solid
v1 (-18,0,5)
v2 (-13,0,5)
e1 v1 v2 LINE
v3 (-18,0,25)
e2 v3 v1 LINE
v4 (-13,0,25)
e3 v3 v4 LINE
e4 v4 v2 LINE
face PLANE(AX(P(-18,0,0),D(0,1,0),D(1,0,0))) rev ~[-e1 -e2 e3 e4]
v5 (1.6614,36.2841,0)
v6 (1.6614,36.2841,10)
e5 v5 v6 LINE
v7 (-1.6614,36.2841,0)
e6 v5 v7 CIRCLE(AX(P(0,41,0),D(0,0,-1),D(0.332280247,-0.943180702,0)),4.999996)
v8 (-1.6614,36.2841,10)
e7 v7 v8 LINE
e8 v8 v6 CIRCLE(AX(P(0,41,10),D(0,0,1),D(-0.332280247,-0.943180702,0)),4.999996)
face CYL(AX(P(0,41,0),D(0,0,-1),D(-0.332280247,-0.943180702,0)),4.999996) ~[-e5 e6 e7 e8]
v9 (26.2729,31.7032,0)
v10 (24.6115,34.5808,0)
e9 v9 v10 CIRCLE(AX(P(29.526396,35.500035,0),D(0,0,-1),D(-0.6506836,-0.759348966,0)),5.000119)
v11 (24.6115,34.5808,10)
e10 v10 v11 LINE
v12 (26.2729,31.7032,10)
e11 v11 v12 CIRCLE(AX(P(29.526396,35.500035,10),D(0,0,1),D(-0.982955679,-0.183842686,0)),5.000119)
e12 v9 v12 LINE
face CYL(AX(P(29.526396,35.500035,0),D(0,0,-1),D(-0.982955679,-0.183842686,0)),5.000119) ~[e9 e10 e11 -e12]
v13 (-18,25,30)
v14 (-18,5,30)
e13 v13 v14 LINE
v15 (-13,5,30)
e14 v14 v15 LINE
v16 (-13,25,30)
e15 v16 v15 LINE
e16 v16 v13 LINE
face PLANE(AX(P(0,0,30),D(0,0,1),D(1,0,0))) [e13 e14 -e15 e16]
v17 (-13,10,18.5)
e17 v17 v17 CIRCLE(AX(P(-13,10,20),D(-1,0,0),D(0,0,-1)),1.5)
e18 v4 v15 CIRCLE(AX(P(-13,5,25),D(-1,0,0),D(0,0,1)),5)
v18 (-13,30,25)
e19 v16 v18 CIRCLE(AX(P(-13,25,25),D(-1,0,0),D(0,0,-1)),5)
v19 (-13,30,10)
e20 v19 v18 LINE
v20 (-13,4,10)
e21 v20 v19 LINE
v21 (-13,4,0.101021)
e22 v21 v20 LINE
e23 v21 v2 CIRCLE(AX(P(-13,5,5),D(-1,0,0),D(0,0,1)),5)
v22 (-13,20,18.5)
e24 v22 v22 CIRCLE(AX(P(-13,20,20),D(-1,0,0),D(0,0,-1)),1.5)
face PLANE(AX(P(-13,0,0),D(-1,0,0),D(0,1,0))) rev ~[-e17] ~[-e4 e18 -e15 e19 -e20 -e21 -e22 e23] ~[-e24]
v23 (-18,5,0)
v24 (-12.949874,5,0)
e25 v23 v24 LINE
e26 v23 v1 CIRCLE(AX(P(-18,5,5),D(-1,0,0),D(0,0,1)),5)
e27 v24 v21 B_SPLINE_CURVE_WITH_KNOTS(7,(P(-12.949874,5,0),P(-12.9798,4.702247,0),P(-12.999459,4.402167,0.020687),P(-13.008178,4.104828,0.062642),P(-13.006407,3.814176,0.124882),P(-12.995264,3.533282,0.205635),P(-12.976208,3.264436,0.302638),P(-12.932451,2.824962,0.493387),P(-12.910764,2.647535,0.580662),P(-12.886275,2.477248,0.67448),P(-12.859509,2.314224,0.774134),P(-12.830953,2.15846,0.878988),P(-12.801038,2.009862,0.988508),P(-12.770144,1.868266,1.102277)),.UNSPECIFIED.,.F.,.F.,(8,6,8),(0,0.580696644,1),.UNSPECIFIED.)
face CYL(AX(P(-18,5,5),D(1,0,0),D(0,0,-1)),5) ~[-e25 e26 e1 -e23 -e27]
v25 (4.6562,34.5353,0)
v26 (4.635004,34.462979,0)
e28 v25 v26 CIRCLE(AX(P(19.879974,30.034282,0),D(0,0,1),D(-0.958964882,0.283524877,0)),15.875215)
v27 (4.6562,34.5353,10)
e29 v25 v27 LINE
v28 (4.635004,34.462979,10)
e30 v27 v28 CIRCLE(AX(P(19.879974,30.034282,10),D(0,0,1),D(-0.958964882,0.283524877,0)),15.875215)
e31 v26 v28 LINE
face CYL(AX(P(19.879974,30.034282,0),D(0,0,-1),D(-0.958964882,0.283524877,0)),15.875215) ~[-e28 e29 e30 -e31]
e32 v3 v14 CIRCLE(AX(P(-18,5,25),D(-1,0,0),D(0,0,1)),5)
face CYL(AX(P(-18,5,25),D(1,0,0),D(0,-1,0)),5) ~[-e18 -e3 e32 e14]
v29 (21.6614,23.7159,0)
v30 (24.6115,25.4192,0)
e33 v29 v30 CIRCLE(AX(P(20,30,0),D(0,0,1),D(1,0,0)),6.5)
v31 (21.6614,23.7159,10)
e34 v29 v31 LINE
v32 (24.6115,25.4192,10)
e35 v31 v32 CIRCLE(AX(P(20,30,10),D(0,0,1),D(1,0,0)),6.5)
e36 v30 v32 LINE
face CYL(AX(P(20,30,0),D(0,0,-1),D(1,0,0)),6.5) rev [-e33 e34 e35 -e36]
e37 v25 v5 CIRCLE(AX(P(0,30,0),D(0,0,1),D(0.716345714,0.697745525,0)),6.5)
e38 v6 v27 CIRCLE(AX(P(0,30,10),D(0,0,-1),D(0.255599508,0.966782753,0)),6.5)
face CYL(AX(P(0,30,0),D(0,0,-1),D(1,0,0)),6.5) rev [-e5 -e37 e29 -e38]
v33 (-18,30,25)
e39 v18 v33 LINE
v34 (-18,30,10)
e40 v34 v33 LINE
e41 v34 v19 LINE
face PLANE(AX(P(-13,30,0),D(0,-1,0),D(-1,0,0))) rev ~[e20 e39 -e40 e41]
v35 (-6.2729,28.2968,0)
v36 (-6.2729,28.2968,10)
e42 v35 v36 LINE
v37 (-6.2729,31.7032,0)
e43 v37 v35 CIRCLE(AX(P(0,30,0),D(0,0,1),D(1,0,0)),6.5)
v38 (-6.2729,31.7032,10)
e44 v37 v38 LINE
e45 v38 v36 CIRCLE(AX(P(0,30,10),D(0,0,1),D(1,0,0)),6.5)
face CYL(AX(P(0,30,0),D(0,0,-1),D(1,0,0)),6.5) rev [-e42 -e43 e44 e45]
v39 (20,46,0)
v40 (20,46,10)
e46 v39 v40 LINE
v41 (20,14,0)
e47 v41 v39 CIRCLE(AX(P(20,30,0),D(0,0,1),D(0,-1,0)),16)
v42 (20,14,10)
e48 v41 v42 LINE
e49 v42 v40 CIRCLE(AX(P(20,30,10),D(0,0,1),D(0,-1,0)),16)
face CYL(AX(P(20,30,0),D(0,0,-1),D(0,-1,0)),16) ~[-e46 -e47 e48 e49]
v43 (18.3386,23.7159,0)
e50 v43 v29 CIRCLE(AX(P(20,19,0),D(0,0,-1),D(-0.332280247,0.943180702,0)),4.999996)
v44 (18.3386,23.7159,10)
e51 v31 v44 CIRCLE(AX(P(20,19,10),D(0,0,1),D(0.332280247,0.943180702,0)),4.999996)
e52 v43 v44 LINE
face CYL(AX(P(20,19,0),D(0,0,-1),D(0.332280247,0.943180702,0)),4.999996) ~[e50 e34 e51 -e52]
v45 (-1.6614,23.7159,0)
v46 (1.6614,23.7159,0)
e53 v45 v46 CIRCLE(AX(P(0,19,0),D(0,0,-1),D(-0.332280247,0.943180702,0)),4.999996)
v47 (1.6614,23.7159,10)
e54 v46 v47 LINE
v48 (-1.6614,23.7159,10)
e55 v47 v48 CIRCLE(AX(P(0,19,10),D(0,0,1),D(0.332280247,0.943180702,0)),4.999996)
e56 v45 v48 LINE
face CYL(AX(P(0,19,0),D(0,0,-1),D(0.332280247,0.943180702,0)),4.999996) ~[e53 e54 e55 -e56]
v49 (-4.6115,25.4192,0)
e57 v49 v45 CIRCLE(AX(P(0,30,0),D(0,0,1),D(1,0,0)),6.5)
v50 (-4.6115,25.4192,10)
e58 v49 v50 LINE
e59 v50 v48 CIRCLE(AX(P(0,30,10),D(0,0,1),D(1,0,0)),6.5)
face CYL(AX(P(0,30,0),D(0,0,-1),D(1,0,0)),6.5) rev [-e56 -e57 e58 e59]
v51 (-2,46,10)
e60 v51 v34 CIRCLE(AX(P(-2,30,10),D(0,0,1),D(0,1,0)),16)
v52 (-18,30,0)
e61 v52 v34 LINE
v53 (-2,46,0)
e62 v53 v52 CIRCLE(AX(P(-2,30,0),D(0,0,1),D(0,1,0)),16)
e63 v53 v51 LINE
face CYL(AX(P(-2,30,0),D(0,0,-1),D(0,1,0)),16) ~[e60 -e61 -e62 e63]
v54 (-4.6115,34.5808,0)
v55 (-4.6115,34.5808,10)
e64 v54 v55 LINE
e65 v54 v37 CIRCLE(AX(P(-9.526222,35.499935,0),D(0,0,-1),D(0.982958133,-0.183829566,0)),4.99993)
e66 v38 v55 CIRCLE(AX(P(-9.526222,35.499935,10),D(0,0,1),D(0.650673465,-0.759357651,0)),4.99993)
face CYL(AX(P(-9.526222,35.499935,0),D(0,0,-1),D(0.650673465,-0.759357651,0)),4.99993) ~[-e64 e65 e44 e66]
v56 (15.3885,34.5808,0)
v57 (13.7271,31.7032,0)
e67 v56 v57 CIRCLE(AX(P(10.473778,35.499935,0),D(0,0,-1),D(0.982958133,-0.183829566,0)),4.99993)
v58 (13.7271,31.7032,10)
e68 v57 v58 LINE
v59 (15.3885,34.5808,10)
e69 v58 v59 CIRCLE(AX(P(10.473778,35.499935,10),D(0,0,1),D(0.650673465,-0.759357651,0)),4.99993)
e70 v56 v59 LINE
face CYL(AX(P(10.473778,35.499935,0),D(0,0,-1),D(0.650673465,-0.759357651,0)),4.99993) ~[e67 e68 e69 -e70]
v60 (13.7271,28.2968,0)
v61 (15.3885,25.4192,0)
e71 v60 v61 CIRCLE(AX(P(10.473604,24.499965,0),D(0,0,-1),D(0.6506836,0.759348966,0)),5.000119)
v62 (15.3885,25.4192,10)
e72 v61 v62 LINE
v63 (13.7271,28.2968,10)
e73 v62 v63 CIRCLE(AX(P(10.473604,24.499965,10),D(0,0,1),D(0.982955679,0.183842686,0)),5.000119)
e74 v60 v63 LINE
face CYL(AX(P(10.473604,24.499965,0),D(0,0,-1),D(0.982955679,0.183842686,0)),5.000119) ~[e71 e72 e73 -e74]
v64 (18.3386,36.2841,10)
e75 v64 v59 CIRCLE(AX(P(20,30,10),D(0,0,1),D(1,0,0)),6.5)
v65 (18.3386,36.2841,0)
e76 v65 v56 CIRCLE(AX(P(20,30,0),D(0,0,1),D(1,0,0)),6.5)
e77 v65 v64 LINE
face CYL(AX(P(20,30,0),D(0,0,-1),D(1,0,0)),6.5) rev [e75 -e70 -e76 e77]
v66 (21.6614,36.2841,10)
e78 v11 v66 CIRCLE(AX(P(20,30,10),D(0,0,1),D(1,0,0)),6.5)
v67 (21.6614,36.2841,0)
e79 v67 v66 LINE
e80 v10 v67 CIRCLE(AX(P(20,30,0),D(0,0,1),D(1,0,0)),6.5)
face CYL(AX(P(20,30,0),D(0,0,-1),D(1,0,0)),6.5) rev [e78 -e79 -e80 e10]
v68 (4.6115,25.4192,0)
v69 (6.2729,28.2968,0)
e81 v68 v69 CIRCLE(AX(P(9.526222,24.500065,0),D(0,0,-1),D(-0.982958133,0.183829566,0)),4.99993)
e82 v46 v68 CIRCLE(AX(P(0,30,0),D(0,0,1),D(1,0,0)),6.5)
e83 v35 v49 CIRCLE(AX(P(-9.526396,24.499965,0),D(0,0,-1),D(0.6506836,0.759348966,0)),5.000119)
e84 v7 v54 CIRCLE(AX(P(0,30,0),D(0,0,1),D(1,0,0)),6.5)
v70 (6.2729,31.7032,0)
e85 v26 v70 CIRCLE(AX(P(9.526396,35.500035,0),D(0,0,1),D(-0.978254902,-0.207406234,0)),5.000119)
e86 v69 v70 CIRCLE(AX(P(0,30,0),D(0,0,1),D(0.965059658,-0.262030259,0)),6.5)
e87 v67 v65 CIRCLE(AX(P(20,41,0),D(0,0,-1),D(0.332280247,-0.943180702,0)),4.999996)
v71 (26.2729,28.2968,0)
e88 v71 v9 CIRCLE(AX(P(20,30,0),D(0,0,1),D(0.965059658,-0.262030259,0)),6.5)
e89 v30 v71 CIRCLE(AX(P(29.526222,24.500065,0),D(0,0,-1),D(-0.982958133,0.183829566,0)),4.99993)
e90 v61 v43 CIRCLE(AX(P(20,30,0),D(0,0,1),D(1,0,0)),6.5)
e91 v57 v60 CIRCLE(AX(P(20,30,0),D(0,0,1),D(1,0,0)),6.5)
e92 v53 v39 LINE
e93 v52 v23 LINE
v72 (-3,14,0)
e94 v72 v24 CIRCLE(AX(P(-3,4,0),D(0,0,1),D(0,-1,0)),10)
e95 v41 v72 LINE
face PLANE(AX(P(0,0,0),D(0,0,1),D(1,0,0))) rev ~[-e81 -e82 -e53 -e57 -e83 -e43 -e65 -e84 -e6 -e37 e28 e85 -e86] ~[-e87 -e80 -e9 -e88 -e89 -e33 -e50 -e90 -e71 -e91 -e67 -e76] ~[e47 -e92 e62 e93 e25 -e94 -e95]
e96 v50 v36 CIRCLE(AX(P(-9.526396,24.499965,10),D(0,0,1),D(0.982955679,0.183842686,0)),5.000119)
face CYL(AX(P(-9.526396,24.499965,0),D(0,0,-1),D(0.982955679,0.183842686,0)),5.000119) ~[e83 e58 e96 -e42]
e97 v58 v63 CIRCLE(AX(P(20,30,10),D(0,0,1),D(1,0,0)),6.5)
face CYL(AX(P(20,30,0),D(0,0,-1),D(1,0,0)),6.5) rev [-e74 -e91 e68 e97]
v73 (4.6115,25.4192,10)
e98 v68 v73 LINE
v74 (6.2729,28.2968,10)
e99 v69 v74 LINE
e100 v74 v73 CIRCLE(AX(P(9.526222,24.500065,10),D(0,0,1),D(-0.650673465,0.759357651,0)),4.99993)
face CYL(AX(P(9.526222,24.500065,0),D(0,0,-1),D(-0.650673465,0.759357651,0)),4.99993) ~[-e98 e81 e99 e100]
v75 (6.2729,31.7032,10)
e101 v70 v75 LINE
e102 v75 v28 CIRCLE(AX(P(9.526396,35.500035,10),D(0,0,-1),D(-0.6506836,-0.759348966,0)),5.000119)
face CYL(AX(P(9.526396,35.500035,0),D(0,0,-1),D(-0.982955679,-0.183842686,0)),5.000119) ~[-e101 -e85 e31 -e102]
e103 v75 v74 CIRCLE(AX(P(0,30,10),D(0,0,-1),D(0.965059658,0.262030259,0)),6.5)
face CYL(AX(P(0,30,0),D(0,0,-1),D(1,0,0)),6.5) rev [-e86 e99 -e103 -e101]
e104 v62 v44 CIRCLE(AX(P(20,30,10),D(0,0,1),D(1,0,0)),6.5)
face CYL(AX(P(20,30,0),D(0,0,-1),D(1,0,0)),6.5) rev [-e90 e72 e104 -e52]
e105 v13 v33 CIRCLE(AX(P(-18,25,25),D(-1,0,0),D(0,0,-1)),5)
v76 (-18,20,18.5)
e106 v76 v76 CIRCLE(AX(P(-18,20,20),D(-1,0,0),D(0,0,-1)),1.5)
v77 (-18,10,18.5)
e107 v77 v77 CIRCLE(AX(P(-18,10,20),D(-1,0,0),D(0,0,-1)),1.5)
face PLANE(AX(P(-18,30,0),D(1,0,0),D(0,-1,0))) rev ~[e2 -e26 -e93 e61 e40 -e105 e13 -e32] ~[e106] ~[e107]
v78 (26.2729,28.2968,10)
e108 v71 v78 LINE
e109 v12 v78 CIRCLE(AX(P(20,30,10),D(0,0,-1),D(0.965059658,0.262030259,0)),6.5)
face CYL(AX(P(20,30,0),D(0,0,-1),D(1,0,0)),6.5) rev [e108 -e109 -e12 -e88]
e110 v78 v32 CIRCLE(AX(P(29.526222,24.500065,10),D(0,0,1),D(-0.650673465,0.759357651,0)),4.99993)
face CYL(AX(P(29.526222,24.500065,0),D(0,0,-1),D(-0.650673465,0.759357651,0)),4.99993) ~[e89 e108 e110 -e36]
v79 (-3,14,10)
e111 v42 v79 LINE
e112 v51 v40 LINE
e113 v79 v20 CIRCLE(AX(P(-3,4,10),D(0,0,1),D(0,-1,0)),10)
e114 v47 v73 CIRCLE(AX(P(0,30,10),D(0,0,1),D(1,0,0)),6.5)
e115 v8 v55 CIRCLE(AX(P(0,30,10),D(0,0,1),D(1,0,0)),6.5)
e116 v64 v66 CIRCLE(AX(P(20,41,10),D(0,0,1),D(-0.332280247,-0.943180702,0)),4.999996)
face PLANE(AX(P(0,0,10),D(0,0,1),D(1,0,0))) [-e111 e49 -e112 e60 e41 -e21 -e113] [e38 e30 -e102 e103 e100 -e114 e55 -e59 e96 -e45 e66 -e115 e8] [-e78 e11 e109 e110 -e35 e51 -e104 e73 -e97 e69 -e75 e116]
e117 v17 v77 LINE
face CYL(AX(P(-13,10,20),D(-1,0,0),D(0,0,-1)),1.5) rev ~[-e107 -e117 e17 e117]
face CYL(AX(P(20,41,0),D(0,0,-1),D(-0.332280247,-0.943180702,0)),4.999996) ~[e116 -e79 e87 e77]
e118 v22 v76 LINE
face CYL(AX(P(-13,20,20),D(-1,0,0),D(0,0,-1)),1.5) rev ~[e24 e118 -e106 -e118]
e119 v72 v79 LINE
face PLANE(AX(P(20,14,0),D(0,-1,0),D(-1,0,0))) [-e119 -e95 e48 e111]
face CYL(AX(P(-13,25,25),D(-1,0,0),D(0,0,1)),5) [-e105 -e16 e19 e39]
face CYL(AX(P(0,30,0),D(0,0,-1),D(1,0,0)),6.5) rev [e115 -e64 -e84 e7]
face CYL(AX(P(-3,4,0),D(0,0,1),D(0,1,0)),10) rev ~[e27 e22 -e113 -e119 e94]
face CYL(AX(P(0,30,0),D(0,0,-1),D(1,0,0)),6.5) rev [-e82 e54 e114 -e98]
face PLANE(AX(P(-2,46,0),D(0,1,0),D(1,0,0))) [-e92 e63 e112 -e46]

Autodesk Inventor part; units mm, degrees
ref_plane "YZ Plane" through (0, 0, 0) normal (1, 0, 0) x (0, 1, 0)
ref_plane "XZ Plane" through (0, 0, 0) normal (0, 1, 0) x (-1, 0, 0)
ref_plane "XY Plane" through (0, 0, 0) normal (0, 0, 1) x (1, 0, 0)
sketch "Sketch1" plane through (0, 0, 0) normal (0, 0, 1) x (1, 0, 0)
  circle A0 centre (0, 0) radius 9.25
  circle A1 centre (0, 30) radius 6
  circle A2 centre (20, 30) radius 6
  circle A3 centre (0, 30) radius 6.5
  circle A4 centre (20, 30) radius 6.5
  arc A5 (-1.6614, 36.2841) -> (1.6614, 36.2841) centre (0, 41) ccw
  arc A6 (-6.2729, 31.7032) -> (-4.6115, 34.5808) centre (-9.5263, 35.5) ccw
  arc A7 (-4.6115, 25.4192) -> (-6.2729, 28.2968) centre (-9.5263, 24.5) ccw
  arc A8 (1.6614, 23.7159) -> (-1.6614, 23.7159) centre (0, 19) ccw
  arc A9 (6.2729, 28.2968) -> (4.6115, 25.4192) centre (9.5263, 24.5) ccw
  arc A10 (4.6115, 34.5808) -> (6.2729, 31.7032) centre (9.5263, 35.5) ccw
  arc A11 (18.3386, 36.2841) -> (21.6614, 36.2841) centre (20, 41) ccw
  arc A12 (13.7271, 31.7032) -> (15.3885, 34.5808) centre (10.4737, 35.5) ccw
  arc A13 (15.3885, 25.4192) -> (13.7271, 28.2968) centre (10.4737, 24.5) ccw
  arc A14 (21.6614, 23.7159) -> (18.3386, 23.7159) centre (20, 19) ccw
  arc A15 (26.2729, 28.2968) -> (24.6115, 25.4192) centre (29.5263, 24.5) ccw
  arc A16 (24.6115, 34.5808) -> (26.2729, 31.7032) centre (29.5263, 35.5) ccw
  arc A17 (4.6562, 34.5353) -> (4.5, 33.9686) centre (20, 30) ccw
  arc A18 (20, 14) -> (20, 46) centre (20, 30) ccw
  line L0 (-18, 30) -> (-18, 0)
  line L1 (-2, 46) -> (20, 46)
  line L2 (-18, 0) -> (-13, 0)
  line L3 (-13, 0) -> (-13, 30)
  line L4 (-13, 30) -> (-18, 30)
  line L5 (-18, 30) -> (-18, 0)
  arc A19 (-2, 46) -> (-18, 30) centre (-2, 30) ccw
  line L6 (20, 14) -> (-13, 14)
  point P0 (15.2791, 25.532)
  point P1 (-18, 30)
  point P2 (-1.6614, 23.7159)
  point P3 (1.6614, 23.7159)
  point P4 (-6.2729, 28.2968)
  point P5 (-4.6115, 25.4192)
  point P6 (-4.6115, 34.5808)
  point P7 (4.635, 34.4629)
  point P8 (6.2729, 31.7032)
  point P9 (18.3386, 23.7159)
  point P10 (21.6614, 23.7159)
  point P11 (13.7271, 31.7032)
  point P12 (26.2729, 31.7032)
  point P13 (15.3885, 25.4192)
  point P14 (15.3885, 34.5808)
  point P15 (4.6115, 25.4192)
  dimension "d1" = 12
  dimension "d0" = 18.5
  dimension "d2" = 30
  dimension "d3" = 12
  dimension "d4" = 20
  dimension "d5" = 13
  dimension "d6" = 13
  dimension "d7" = 5
  dimension "d10" = 360
  dimension "d12" = 5
  dimension "d15" = 360
  dimension "d21" = 16
  dimension "d25" = 5
  dimension "d26" = 30
  dimension "d52" = 18
extrude "Extrusion1" add sketch "Sketch1" along normal blind 10 contours A10 A17 A3 | A9 A3 | A8 A3 | A5 A3 | A7 A3 | A6 A3 | A16 A4 | A15 A4 | A11 A4 | A14 A4 | A12 A4 | A13 A4 | L6 L3 L4 A19 L1 A18 | L3 L2 L0 L4 picked at (5.482, 33.1405)
fillet "Fillet2" radius 10 1 edges at (-13, 14, 5)
extrude "Extrusion3" add sketch "Sketch1" along normal blind 30 contours L3 L2 L0 L4
fillet "Fillet3" radius 5 3 edges at (-15.5, 30, 30) (-15.5, 0, 30) (-15.5, 0, 0)
sketch "Sketch3" plane through (-13, 4, 10) normal (1, 0, 0) x (0, 0, -1)
  line L0 (0, 26) -> (-15, 26) projected
  line L1 (-20, 1) -> (-20, 21) projected
  point P0 (10, -4)
  point P1 (-10, 16)
  dimension "d57" = 10
  dimension "d58" = 10
hole "Hole2" at (-13, 20, 20) direction (-1, 0, 0) diameter 3 end through all
sketch "Sketch4" plane through (-13, 4, 10) normal (1, 0, 0) x (0, 0, -1)
  line L0 (5, -4) -> (-15, -4) projected
  line L1 (-20, 1) -> (-20, 21) projected
  point P0 (10, -4)
  point P1 (-10, 6)
  dimension "d66" = 10
  dimension "d67" = 10
hole "Hole3" at (-13, 10, 20) direction (-1, 0, 0) diameter 3 end through all
properties part number "left_holder"
